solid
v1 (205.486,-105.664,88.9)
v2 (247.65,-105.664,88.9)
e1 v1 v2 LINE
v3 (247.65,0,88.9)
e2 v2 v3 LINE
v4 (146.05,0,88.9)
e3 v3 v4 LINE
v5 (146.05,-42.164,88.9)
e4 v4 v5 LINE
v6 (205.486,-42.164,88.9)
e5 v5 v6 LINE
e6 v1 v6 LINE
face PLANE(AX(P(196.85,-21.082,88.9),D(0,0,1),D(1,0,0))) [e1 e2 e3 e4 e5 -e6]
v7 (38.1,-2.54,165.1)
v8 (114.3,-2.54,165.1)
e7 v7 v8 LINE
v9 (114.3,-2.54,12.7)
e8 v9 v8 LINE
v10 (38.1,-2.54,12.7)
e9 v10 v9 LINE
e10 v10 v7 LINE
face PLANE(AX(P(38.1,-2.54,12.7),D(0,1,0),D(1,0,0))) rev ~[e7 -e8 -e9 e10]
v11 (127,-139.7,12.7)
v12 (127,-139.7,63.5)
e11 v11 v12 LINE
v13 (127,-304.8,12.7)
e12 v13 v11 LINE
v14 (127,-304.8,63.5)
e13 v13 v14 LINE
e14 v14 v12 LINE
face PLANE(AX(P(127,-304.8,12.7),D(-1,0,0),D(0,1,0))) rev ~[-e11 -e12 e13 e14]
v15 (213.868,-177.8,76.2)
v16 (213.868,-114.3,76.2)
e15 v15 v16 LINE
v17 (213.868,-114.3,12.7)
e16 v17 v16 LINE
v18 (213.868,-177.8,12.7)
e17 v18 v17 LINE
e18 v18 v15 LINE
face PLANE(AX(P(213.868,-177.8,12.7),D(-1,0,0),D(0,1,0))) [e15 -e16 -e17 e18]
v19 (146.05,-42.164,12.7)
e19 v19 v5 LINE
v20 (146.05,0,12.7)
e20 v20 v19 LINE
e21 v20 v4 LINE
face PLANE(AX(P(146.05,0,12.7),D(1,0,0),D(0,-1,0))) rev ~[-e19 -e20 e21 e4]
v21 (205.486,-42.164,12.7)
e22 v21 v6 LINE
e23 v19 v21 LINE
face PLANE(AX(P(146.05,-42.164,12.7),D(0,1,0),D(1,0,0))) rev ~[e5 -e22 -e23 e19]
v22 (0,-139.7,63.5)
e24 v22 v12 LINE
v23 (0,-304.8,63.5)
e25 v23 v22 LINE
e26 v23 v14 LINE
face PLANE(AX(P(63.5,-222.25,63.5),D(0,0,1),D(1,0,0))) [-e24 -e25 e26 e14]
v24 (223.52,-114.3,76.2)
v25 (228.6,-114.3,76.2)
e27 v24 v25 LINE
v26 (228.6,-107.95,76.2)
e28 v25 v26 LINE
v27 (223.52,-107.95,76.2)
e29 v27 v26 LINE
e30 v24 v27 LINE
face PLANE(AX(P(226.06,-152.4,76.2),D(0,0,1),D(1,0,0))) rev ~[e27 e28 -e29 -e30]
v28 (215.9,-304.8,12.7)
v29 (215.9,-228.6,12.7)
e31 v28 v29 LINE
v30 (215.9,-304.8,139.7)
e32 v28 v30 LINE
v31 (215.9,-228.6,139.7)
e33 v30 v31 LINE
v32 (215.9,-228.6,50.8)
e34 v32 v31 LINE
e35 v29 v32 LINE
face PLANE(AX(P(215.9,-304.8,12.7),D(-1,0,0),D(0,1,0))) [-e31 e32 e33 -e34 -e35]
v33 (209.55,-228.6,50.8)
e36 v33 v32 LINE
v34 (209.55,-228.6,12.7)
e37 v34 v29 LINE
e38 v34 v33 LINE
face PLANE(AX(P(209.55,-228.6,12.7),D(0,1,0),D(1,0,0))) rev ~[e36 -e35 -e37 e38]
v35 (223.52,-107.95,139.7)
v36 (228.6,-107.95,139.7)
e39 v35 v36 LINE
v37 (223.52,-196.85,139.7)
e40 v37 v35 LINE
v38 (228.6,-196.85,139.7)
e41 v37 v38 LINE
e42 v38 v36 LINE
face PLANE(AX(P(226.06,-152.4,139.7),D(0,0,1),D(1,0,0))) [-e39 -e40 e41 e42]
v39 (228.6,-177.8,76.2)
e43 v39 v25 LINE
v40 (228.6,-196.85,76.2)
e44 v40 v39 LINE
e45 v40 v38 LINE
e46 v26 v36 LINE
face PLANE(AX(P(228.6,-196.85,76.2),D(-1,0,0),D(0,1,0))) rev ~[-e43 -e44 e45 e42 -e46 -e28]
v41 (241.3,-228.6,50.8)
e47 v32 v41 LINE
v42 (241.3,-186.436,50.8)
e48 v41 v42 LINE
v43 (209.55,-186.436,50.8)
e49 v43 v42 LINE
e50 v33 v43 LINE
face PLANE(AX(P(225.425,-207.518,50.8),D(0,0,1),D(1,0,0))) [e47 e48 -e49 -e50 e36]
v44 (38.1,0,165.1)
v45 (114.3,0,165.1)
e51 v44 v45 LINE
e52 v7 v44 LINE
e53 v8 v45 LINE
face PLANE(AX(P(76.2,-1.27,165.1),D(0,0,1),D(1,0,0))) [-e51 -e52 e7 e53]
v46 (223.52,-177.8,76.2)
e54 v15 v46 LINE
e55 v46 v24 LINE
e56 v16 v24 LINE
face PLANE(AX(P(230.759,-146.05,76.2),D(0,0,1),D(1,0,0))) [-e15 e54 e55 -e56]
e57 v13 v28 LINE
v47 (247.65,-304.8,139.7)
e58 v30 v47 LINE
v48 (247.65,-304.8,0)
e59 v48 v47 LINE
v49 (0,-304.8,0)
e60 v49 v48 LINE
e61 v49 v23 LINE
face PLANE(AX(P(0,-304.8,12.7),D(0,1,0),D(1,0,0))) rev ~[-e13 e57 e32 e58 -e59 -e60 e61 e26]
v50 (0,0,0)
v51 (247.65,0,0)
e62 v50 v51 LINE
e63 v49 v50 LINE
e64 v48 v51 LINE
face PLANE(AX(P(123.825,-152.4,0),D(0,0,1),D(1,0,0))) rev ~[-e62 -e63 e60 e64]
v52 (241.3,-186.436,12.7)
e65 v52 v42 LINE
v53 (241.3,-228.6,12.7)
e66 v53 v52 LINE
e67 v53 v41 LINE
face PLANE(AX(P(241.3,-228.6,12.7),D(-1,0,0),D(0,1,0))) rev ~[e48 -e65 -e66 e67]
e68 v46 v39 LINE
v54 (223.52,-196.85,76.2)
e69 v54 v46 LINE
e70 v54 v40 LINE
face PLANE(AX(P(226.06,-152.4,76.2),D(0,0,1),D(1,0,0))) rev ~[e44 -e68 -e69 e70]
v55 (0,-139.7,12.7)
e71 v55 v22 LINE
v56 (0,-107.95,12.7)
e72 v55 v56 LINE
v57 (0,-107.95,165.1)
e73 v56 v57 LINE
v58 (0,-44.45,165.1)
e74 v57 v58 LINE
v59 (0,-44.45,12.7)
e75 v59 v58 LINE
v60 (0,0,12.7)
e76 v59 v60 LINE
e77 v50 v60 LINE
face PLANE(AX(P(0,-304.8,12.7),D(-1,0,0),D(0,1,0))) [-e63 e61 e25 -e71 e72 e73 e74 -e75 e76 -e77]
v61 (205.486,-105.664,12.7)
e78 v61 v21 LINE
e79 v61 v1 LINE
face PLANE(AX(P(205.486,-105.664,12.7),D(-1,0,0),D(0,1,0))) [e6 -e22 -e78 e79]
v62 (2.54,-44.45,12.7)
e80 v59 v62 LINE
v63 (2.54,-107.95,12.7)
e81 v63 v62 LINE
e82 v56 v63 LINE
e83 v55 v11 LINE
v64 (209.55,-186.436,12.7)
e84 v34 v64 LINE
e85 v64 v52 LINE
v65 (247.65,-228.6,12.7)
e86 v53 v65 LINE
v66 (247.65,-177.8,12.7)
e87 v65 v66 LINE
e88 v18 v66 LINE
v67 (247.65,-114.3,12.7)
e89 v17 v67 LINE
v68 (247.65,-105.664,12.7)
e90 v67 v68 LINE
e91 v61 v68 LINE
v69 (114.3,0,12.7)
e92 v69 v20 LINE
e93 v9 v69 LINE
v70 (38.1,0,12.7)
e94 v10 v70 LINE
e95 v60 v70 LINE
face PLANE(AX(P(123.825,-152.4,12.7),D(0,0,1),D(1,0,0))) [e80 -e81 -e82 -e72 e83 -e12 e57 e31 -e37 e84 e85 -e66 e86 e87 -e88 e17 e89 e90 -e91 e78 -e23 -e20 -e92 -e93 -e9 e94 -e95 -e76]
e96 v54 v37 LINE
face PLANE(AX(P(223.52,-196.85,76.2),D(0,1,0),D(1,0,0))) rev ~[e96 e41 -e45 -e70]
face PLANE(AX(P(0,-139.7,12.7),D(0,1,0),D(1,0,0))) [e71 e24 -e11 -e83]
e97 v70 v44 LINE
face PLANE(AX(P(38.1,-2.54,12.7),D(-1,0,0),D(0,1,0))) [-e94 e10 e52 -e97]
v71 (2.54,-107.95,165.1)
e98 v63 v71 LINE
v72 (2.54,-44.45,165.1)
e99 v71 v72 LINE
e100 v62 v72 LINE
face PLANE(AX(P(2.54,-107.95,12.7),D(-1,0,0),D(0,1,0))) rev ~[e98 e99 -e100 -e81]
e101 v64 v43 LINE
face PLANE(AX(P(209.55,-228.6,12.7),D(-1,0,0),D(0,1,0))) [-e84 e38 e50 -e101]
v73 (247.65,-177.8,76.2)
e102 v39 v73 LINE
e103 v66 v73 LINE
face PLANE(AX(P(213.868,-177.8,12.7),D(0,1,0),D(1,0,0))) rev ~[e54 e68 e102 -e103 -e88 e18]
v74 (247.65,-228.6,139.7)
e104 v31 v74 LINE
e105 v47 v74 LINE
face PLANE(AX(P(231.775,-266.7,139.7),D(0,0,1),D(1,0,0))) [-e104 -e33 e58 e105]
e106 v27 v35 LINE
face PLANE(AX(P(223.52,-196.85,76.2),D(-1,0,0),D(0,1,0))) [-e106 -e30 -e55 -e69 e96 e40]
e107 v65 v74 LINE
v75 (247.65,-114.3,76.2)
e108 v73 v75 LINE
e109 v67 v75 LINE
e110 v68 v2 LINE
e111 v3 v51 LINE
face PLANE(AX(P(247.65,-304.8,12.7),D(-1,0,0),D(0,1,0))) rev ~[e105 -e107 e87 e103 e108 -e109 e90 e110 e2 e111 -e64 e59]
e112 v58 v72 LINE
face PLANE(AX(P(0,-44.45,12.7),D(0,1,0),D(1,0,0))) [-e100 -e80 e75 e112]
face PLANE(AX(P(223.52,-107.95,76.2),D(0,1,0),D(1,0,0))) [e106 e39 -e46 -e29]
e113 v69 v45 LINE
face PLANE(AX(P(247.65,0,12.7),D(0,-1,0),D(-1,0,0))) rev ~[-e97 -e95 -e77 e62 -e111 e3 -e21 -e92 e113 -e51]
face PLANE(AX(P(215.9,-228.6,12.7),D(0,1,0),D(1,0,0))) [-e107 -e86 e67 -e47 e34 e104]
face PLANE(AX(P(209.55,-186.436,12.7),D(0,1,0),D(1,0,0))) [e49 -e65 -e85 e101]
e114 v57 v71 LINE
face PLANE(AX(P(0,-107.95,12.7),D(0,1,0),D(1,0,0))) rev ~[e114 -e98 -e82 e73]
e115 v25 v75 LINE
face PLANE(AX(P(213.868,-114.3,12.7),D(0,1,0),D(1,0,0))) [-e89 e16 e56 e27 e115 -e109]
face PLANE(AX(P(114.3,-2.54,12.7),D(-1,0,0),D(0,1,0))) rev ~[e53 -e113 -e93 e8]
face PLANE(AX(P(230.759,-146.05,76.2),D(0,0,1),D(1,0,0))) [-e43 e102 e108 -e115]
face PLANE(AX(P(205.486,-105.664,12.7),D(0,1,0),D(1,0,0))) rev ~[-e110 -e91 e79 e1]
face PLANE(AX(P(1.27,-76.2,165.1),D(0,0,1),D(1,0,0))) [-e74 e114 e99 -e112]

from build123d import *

# Parameters (mm, degrees)
F0_W      = 247.65
F0_H      = 304.8
F1_DEPTH  = 12.7
F2_W      = 2.54
F2_H      = 63.5
F3_DEPTH  = 152.4
F4_W      = 76.2
F4_H      = 2.54
F5_DEPTH  = 152.4
F6_W      = 42.164
F6_H      = 63.5
F7_DEPTH  = 76.2
F8_W      = 33.782
F8_H      = 63.5
F9_DEPTH  = 63.5
F10_W     = 5.08
F10_H     = 88.9
F11_DEPTH = 63.5
F12_W     = 31.75
F12_H     = 76.2
F13_DEPTH = 127
F14_W     = 31.75
F14_H     = 42.164
F15_DEPTH = 38.1
F16_W     = 127
F16_H     = 165.1
F17_DEPTH = 50.8


with BuildPart() as f1:
    # F0 (on Top) → F1 (new body)
    with BuildSketch(Plane.XY):
        with Locations((123.825, -152.4)):
            Rectangle(F0_W, F0_H)
    extrude(amount=F1_DEPTH)

    # F2 (on face) → F3 (join)
    with BuildSketch(Plane.XY.offset(12.7)):
        with Locations((1.27, -76.2)):
            Rectangle(F2_W, F2_H)
    extrude(amount=F3_DEPTH)

    # F4 (on face) → F5 (join)
    with BuildSketch(Plane.XY.offset(12.7)):
        with Locations((76.2, -1.27)):
            Rectangle(F4_W, F4_H)
    extrude(amount=F5_DEPTH)

    # F6 (on face) → F7 (join)
    with BuildSketch(Plane.XY.offset(12.7)):
        Polygon((247.65, -42.164), (247.65, 0), (146.05, 0), (146.05, -42.164), (205.486, -42.164), align=None)
        with Locations((226.568, -73.914)):
            Rectangle(F6_W, F6_H)
    extrude(amount=F7_DEPTH)

    # F8 (on face) → F9 (join)
    with BuildSketch(Plane.XY.offset(12.7)):
        with Locations((230.759, -146.05)):
            Rectangle(F8_W, F8_H)
    extrude(amount=F9_DEPTH)

    # F10 (on face) → F11 (join)
    with BuildSketch(Plane.XY.offset(76.2)):
        with Locations((226.06, -152.4)):
            Rectangle(F10_W, F10_H)
    extrude(amount=F11_DEPTH)

    # F12 (on face) → F13 (join)
    with BuildSketch(Plane.XY.offset(12.7)):
        with Locations((231.775, -266.7)):
            Rectangle(F12_W, F12_H)
    extrude(amount=F13_DEPTH)

    # F14 (on face) → F15 (join)
    with BuildSketch(Plane.XY.offset(12.7)):
        with Locations((225.425, -207.518)):
            Rectangle(F14_W, F14_H)
    extrude(amount=F15_DEPTH)

    # F16 (on face) → F17 (join)
    with BuildSketch(Plane.XY.offset(12.7)):
        with Locations((63.5, -222.25)):
            Rectangle(F16_W, F16_H)
    extrude(amount=F17_DEPTH)


solid = f1.part
